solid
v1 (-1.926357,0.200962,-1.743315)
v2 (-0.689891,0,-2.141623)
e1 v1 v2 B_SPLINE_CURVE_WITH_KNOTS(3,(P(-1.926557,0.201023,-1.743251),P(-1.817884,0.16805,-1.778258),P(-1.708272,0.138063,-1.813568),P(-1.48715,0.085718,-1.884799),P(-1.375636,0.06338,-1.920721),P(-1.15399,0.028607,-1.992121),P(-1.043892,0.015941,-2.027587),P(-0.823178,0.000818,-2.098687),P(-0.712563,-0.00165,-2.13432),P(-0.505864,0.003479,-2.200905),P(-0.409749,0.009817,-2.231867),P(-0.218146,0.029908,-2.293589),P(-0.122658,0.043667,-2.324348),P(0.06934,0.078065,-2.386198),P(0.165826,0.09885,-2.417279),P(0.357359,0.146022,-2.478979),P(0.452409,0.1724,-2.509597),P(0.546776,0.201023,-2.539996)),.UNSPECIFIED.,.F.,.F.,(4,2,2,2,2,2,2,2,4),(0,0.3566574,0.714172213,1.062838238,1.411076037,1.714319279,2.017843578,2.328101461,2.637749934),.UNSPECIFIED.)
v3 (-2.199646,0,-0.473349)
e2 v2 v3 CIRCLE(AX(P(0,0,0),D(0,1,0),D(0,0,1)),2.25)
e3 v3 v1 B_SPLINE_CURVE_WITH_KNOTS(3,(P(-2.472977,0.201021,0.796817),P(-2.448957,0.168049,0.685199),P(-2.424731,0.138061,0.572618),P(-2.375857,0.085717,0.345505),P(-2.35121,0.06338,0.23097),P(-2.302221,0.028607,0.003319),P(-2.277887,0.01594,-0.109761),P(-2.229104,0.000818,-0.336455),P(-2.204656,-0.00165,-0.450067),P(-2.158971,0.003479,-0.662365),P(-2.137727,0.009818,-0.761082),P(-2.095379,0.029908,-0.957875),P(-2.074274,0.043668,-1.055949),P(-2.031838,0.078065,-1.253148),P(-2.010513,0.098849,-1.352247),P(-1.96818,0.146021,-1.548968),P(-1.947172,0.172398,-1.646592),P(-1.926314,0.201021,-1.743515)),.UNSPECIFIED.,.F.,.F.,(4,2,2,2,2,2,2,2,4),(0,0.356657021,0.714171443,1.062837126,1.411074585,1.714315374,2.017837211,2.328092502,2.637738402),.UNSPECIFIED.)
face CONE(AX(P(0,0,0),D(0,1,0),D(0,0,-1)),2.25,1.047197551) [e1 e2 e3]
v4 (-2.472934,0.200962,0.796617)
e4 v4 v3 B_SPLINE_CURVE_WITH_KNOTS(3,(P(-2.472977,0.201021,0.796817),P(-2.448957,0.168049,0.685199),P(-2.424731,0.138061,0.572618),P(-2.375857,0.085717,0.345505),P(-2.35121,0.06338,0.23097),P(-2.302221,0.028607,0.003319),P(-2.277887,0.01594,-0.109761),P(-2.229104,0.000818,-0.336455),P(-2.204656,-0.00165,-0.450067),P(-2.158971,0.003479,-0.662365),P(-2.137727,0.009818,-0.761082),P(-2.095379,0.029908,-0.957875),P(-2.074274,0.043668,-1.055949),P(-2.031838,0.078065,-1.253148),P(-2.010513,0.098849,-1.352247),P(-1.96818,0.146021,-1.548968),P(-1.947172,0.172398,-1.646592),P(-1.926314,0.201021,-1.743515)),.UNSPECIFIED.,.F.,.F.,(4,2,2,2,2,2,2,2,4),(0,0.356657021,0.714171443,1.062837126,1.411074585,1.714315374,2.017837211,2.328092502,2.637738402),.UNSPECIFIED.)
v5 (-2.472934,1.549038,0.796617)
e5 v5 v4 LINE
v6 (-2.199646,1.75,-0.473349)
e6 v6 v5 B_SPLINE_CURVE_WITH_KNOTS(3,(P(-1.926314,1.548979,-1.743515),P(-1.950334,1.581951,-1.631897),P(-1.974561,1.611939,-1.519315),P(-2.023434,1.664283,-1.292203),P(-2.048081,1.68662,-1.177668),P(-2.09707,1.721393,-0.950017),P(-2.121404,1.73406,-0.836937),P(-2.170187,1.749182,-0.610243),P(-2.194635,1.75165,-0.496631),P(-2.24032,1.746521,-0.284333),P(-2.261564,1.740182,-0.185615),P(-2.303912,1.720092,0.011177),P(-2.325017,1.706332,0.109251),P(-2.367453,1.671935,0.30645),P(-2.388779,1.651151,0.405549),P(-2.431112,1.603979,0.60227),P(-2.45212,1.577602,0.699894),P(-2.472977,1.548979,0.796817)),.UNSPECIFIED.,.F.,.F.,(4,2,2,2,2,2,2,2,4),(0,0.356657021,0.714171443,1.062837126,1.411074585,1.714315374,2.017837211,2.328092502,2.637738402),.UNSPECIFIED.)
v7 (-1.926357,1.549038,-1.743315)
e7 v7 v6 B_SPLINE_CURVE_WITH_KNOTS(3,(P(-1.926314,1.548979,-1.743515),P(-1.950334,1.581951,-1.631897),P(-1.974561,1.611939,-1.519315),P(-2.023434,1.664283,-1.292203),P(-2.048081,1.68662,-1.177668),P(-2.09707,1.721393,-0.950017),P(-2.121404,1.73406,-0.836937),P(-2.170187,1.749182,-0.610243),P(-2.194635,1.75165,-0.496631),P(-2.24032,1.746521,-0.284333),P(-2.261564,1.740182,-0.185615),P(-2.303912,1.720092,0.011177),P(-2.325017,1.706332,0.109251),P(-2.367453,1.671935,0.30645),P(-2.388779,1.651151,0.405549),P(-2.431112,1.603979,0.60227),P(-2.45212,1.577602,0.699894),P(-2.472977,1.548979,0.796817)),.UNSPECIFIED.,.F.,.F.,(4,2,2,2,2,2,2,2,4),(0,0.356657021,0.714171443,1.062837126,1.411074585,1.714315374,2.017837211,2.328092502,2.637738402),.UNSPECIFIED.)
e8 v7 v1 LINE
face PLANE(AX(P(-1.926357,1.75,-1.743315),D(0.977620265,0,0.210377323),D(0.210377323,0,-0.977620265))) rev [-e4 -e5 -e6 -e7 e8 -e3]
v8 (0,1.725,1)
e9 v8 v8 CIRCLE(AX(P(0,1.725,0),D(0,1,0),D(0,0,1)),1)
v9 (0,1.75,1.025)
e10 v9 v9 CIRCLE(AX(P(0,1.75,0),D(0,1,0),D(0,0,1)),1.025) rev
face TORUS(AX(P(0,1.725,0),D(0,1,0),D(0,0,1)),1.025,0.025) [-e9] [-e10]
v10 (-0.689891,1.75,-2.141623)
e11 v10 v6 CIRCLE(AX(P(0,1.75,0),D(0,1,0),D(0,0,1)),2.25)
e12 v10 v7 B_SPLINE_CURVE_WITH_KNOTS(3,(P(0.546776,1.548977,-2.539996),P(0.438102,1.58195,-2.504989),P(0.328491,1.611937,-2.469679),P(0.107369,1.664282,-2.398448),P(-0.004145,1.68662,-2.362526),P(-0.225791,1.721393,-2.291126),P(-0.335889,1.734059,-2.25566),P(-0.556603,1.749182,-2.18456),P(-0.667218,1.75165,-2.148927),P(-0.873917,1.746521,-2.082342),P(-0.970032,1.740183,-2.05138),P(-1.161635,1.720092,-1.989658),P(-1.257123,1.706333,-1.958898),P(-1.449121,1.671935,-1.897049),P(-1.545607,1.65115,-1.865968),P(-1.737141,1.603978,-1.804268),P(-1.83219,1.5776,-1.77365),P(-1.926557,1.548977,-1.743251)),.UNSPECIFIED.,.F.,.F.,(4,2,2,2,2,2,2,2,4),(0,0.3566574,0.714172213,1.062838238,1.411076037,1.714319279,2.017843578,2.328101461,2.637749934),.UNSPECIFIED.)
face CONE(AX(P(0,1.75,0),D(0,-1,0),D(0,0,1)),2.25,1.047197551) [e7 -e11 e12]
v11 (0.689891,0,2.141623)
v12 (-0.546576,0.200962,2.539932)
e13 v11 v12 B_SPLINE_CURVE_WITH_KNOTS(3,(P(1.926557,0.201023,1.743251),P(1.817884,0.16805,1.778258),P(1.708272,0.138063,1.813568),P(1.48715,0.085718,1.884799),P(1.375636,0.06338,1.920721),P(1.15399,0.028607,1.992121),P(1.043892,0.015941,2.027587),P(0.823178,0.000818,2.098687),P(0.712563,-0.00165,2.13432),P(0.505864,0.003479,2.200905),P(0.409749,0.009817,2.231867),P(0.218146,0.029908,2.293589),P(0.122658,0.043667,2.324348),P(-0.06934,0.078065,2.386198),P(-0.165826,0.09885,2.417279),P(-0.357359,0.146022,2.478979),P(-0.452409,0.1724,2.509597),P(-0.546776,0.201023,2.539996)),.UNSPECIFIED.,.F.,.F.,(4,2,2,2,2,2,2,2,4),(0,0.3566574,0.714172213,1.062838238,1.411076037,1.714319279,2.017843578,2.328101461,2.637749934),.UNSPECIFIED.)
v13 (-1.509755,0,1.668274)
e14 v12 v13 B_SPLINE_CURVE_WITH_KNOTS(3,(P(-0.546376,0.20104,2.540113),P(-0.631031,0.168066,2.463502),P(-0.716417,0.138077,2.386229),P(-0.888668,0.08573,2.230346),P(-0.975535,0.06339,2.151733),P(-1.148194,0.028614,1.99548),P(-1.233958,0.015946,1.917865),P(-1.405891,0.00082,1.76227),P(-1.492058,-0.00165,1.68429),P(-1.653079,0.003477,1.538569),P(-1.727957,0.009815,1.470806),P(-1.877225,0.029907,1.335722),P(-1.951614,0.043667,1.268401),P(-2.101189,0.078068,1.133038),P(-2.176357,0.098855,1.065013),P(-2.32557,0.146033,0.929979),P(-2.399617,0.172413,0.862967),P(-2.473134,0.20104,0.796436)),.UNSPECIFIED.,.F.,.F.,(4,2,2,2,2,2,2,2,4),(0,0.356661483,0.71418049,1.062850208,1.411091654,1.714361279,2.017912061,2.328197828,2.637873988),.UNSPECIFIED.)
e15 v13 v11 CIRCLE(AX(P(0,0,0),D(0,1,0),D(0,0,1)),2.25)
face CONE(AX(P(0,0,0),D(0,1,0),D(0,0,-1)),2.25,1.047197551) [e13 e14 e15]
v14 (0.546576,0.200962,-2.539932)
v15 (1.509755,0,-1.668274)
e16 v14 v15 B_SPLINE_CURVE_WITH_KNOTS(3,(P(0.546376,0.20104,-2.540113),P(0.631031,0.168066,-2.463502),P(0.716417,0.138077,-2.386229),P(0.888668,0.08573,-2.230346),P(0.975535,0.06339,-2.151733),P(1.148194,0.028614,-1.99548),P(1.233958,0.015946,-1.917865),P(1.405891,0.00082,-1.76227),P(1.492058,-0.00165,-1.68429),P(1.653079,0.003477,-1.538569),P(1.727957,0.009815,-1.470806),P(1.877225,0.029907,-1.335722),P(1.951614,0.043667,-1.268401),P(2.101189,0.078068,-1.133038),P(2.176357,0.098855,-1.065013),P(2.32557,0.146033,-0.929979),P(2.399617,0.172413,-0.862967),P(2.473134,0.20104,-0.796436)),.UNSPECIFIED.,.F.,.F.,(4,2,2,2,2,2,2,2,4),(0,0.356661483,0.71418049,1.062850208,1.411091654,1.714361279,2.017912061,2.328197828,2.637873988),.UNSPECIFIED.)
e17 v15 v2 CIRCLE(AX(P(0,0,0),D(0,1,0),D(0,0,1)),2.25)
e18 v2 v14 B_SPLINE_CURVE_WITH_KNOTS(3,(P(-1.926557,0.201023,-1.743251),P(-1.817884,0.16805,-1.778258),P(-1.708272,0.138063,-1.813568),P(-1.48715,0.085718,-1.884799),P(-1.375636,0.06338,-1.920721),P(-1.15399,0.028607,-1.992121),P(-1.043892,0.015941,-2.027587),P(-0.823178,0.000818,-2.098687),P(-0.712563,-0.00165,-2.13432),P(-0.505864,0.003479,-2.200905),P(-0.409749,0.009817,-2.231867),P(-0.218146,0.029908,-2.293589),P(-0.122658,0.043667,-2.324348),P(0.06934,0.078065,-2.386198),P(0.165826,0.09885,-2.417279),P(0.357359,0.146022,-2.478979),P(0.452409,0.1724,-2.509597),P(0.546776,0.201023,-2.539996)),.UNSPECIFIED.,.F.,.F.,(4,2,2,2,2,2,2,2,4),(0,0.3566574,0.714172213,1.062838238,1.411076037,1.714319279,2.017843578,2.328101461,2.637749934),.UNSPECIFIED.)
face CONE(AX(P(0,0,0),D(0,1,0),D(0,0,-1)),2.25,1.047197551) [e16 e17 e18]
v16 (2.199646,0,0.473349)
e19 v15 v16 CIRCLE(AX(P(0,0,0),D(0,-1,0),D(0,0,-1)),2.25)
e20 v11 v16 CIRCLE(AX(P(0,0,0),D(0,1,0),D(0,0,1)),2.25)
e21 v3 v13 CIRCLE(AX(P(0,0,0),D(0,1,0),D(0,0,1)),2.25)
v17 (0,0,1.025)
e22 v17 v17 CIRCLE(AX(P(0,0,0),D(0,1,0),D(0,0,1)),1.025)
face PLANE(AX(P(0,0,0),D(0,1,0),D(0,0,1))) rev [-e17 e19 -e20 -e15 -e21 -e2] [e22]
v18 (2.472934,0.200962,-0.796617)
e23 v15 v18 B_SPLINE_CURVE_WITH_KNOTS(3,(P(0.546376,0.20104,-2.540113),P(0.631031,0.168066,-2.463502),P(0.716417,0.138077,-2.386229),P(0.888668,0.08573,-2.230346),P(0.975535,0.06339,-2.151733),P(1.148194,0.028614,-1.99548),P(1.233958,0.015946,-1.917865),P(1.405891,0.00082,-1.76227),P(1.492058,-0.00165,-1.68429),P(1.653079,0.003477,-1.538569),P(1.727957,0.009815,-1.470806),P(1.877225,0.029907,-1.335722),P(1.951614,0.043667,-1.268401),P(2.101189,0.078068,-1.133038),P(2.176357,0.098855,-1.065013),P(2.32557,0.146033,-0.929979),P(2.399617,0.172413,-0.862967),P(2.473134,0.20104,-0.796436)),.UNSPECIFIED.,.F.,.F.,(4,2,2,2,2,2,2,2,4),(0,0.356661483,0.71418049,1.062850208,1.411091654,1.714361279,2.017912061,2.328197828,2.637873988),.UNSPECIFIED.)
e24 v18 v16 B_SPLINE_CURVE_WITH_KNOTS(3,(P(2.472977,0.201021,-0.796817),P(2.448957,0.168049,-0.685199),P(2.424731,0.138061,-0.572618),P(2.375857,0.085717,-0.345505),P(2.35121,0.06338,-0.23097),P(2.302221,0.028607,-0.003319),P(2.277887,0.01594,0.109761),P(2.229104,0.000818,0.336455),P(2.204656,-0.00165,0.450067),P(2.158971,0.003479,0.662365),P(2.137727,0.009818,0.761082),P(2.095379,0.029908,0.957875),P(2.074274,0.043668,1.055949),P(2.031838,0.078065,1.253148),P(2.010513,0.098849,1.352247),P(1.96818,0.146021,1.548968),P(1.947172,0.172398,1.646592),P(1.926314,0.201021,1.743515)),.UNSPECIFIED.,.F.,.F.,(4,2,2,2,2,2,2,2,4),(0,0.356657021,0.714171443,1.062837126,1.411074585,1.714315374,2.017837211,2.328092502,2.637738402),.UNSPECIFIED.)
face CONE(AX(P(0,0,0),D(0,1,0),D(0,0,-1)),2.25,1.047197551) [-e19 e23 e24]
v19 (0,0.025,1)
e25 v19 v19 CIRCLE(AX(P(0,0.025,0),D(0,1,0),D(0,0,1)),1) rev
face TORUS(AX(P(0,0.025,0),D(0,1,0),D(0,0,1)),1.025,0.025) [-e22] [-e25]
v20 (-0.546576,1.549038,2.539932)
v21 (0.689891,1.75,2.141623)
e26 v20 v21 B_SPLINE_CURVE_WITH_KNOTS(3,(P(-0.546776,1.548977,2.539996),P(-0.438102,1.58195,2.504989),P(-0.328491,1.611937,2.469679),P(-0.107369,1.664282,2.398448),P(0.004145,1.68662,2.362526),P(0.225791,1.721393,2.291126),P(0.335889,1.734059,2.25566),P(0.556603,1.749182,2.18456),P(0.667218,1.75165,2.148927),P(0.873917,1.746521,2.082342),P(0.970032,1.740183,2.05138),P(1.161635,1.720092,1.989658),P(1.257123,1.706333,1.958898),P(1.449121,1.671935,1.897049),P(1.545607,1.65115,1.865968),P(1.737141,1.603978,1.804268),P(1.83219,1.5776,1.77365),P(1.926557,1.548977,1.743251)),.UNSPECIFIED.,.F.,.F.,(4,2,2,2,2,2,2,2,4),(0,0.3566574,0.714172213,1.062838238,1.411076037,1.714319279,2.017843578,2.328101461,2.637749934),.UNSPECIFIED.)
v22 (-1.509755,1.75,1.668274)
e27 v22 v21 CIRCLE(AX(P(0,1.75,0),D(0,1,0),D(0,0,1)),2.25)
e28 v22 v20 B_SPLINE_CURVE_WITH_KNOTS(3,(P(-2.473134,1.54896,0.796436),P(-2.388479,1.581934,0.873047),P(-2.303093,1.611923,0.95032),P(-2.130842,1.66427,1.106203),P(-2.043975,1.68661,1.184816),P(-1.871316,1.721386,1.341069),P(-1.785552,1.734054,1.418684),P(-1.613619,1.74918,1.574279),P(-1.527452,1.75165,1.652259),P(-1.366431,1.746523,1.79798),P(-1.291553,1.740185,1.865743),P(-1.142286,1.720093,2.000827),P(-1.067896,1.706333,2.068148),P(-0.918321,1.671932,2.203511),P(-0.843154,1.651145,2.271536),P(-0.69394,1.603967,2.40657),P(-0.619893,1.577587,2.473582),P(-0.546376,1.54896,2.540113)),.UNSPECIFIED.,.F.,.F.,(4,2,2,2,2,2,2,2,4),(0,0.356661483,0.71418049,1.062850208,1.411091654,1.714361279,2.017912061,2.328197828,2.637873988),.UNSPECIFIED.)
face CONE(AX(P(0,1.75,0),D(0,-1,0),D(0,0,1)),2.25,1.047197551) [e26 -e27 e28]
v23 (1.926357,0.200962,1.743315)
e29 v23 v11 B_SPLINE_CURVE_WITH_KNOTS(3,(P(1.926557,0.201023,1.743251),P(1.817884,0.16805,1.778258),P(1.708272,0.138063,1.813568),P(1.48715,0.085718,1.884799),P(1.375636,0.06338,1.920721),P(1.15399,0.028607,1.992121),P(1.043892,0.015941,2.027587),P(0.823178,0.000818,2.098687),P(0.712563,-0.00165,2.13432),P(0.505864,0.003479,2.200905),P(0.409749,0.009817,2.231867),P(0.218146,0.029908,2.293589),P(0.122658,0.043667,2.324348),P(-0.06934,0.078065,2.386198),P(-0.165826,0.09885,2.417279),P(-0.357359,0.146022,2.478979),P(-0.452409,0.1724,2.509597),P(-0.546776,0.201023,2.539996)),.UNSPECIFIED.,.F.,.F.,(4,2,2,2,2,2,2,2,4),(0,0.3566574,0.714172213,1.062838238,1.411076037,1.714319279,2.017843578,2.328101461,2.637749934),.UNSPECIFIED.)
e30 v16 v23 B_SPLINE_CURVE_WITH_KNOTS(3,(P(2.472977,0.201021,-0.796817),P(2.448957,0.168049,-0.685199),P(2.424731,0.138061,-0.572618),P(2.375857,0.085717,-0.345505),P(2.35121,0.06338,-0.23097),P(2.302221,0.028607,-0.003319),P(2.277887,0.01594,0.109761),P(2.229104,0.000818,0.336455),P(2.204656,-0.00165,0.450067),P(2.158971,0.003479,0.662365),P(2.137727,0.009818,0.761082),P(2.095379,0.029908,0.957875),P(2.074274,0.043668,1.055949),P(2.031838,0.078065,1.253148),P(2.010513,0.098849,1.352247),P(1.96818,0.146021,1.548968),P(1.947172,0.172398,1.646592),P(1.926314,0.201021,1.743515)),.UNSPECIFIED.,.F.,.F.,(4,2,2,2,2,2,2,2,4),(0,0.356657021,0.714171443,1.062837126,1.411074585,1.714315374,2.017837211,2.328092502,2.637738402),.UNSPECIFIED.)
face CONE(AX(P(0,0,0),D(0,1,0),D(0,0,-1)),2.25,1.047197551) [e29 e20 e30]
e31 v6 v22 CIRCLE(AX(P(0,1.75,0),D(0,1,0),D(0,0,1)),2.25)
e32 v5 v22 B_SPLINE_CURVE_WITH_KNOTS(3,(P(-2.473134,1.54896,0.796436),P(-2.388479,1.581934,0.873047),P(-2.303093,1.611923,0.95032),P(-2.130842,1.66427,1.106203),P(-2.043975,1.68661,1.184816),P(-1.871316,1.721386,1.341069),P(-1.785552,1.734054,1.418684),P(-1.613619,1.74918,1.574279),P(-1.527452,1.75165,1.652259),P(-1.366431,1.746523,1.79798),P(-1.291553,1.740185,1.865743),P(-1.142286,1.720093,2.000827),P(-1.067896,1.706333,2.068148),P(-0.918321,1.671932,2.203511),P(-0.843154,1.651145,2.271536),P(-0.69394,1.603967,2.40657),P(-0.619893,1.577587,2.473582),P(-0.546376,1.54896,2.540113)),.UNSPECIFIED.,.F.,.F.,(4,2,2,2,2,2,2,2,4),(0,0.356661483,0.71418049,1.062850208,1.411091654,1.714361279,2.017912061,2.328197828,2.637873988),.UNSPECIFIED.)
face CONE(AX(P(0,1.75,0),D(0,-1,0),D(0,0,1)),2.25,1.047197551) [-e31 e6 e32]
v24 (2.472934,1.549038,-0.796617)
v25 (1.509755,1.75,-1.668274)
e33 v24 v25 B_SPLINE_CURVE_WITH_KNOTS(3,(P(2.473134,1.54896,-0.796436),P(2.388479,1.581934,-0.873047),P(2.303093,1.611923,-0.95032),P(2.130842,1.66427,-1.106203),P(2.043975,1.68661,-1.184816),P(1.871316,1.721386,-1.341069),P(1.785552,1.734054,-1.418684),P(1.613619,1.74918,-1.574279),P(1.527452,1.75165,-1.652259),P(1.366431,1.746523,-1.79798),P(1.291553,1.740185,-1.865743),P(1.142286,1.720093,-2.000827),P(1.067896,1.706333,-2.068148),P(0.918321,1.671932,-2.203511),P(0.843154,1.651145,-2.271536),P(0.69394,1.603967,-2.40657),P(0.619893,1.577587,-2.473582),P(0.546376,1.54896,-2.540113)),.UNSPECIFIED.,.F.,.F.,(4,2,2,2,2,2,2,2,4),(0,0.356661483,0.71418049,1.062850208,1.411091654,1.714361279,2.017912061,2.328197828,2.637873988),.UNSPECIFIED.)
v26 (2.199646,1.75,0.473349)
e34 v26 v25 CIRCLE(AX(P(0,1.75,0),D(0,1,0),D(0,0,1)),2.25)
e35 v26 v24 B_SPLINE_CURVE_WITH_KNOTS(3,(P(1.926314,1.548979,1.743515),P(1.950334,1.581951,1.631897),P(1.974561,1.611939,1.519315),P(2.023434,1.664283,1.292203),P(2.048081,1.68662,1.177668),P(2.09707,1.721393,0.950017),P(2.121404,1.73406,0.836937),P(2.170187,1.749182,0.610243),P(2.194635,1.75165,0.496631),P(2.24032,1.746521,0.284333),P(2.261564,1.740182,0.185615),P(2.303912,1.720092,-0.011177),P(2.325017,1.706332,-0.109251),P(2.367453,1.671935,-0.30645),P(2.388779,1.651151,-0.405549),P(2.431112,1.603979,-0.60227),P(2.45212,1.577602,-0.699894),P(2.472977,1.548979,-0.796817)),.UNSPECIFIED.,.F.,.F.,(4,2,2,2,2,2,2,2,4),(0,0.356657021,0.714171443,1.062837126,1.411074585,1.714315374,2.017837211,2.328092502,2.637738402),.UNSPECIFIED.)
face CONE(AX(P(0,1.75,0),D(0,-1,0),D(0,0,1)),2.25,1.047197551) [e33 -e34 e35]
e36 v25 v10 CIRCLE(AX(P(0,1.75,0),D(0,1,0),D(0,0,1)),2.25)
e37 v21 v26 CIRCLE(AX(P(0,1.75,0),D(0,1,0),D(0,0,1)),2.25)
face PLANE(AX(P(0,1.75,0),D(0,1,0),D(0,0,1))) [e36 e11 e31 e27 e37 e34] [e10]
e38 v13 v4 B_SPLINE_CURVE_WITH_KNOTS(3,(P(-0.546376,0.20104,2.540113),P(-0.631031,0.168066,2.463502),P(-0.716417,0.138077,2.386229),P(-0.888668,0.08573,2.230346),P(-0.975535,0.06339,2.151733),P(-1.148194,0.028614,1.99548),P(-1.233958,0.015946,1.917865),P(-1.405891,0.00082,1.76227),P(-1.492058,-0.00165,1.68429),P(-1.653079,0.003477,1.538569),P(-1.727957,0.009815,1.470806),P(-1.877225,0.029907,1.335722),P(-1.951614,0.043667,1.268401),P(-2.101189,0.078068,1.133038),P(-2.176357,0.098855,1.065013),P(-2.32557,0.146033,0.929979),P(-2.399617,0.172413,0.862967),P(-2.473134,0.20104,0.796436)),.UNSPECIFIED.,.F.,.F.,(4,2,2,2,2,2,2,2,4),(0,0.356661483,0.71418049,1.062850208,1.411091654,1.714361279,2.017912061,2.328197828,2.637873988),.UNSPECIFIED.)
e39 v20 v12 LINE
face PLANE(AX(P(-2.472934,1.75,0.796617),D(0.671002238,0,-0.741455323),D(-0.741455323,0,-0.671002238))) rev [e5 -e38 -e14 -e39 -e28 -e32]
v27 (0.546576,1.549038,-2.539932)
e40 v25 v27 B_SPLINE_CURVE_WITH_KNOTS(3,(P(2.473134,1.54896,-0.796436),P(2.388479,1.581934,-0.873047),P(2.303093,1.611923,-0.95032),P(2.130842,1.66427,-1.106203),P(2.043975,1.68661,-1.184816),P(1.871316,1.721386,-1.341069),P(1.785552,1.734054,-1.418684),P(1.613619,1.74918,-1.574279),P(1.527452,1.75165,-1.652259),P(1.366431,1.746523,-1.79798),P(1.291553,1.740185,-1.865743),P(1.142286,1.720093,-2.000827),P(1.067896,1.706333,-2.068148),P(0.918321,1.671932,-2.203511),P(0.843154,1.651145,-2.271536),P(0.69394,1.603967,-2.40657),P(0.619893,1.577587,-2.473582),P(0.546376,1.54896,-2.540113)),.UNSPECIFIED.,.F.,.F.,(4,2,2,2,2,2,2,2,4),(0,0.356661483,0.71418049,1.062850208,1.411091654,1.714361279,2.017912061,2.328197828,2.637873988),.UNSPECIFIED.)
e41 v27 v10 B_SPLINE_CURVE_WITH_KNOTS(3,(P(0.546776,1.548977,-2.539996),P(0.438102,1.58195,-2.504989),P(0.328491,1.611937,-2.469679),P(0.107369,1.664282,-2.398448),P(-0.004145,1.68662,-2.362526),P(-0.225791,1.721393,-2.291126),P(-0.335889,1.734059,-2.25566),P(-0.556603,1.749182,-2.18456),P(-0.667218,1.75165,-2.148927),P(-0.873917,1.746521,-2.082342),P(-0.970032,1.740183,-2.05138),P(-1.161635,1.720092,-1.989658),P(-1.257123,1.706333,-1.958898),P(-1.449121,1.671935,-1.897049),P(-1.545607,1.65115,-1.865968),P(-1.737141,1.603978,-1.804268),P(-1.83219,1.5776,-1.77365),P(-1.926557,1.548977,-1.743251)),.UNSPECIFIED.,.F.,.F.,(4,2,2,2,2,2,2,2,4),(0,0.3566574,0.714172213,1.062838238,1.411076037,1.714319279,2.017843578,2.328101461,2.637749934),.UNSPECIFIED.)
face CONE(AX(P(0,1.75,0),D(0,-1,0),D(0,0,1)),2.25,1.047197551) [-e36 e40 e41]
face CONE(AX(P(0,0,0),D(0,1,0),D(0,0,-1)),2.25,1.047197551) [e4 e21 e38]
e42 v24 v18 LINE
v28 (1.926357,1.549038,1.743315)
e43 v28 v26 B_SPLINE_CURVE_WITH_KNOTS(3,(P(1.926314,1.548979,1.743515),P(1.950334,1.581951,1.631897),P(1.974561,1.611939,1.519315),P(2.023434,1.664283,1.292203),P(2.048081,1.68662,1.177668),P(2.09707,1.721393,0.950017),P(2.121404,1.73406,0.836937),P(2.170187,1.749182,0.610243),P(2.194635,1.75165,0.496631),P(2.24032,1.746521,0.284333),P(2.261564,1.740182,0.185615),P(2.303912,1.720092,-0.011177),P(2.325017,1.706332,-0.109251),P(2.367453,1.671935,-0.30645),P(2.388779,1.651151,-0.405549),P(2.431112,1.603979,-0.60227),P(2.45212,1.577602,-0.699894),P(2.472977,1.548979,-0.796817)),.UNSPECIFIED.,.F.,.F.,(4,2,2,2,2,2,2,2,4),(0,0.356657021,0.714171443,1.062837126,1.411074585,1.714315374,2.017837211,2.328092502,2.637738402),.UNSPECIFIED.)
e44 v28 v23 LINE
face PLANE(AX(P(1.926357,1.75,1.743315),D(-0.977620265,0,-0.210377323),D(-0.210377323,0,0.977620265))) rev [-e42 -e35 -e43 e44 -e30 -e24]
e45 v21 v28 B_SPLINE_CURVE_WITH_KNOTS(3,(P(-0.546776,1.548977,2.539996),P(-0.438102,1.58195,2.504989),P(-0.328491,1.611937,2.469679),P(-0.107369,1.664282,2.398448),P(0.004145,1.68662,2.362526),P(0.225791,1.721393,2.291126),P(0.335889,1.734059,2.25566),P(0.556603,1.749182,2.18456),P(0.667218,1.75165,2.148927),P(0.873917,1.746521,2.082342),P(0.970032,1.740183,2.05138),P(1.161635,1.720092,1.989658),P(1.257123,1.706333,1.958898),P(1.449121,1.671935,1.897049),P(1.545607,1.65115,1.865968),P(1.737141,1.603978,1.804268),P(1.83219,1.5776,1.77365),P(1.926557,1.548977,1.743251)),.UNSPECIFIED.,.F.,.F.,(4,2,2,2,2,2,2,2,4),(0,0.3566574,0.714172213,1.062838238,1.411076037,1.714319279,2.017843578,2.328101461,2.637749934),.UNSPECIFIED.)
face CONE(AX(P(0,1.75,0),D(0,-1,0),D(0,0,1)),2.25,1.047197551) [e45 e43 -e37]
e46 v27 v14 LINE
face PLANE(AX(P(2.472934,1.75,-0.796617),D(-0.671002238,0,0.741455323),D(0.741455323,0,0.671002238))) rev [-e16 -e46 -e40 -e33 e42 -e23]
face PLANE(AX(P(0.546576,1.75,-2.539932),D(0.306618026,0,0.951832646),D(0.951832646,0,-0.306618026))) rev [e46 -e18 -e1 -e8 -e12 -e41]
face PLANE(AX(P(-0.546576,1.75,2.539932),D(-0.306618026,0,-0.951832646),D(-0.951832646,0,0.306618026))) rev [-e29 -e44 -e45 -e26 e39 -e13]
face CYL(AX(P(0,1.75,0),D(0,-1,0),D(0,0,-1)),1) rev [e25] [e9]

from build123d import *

# Parameters (mm, degrees)
SKETCH1_R           = 1
BOSS_EXTRUDE1_DEPTH = 1.75
SKETCH2_OUTSIDE_W   = 14.468
SKETCH2_OUTSIDE_H   = 14.602
SKETCH2_OUTSIDE_R   = 2.25
CUT_EXTRUDE1_DEPTH  = 1.75
CUT_EXTRUDE1_TAPER  = 60
SKETCH3_OUTSIDE_W   = 14.468
SKETCH3_OUTSIDE_H   = 14.602
SKETCH3_OUTSIDE_R   = 2.25
CUT_EXTRUDE2_DEPTH  = 1.75
CUT_EXTRUDE2_TAPER  = 60
FILLET1_R           = 0.025


with BuildPart() as part:
    # Sketch1 → Boss-Extrude1 (new body)
    with BuildSketch(Plane(origin=(0, 0, 0), x_dir=(1, 0, 0), z_dir=(0, 1, 0))):
        Polygon((-2.472933755, -0.796617), (-0.546576318, -2.539931953), (1.926357436, -1.743314953), (2.472933755, 0.796617), (0.546576318, 2.539931953), (-1.926357436, 1.743314953), align=None)
        Circle(SKETCH1_R, mode=Mode.SUBTRACT)
    extrude(amount=BOSS_EXTRUDE1_DEPTH)

    # Sketch2 outside → Cut-Extrude1 (cut)
    with BuildSketch(Plane(origin=(0, 1.75, 0), x_dir=(1, 0, 0), z_dir=(0, 1, 0))):
        Rectangle(SKETCH2_OUTSIDE_W, SKETCH2_OUTSIDE_H)
        Circle(SKETCH2_OUTSIDE_R, mode=Mode.SUBTRACT)
    extrude(amount=-CUT_EXTRUDE1_DEPTH, taper=CUT_EXTRUDE1_TAPER, mode=Mode.SUBTRACT)

    # Sketch3 outside → Cut-Extrude2 (cut)
    with BuildSketch(Plane.XZ):
        Rectangle(SKETCH3_OUTSIDE_W, SKETCH3_OUTSIDE_H)
        Circle(SKETCH3_OUTSIDE_R, mode=Mode.SUBTRACT)
    extrude(amount=-CUT_EXTRUDE2_DEPTH, taper=CUT_EXTRUDE2_TAPER, mode=Mode.SUBTRACT)

    # Fillet1
    fillet1_edges = [part.edges().sort_by_distance(p)[0] for p in [
        (-1, 0, 0),
        (-1, 1.75, 0),
    ]]
    fillet(fillet1_edges, radius=FILLET1_R)


solid = part.part
